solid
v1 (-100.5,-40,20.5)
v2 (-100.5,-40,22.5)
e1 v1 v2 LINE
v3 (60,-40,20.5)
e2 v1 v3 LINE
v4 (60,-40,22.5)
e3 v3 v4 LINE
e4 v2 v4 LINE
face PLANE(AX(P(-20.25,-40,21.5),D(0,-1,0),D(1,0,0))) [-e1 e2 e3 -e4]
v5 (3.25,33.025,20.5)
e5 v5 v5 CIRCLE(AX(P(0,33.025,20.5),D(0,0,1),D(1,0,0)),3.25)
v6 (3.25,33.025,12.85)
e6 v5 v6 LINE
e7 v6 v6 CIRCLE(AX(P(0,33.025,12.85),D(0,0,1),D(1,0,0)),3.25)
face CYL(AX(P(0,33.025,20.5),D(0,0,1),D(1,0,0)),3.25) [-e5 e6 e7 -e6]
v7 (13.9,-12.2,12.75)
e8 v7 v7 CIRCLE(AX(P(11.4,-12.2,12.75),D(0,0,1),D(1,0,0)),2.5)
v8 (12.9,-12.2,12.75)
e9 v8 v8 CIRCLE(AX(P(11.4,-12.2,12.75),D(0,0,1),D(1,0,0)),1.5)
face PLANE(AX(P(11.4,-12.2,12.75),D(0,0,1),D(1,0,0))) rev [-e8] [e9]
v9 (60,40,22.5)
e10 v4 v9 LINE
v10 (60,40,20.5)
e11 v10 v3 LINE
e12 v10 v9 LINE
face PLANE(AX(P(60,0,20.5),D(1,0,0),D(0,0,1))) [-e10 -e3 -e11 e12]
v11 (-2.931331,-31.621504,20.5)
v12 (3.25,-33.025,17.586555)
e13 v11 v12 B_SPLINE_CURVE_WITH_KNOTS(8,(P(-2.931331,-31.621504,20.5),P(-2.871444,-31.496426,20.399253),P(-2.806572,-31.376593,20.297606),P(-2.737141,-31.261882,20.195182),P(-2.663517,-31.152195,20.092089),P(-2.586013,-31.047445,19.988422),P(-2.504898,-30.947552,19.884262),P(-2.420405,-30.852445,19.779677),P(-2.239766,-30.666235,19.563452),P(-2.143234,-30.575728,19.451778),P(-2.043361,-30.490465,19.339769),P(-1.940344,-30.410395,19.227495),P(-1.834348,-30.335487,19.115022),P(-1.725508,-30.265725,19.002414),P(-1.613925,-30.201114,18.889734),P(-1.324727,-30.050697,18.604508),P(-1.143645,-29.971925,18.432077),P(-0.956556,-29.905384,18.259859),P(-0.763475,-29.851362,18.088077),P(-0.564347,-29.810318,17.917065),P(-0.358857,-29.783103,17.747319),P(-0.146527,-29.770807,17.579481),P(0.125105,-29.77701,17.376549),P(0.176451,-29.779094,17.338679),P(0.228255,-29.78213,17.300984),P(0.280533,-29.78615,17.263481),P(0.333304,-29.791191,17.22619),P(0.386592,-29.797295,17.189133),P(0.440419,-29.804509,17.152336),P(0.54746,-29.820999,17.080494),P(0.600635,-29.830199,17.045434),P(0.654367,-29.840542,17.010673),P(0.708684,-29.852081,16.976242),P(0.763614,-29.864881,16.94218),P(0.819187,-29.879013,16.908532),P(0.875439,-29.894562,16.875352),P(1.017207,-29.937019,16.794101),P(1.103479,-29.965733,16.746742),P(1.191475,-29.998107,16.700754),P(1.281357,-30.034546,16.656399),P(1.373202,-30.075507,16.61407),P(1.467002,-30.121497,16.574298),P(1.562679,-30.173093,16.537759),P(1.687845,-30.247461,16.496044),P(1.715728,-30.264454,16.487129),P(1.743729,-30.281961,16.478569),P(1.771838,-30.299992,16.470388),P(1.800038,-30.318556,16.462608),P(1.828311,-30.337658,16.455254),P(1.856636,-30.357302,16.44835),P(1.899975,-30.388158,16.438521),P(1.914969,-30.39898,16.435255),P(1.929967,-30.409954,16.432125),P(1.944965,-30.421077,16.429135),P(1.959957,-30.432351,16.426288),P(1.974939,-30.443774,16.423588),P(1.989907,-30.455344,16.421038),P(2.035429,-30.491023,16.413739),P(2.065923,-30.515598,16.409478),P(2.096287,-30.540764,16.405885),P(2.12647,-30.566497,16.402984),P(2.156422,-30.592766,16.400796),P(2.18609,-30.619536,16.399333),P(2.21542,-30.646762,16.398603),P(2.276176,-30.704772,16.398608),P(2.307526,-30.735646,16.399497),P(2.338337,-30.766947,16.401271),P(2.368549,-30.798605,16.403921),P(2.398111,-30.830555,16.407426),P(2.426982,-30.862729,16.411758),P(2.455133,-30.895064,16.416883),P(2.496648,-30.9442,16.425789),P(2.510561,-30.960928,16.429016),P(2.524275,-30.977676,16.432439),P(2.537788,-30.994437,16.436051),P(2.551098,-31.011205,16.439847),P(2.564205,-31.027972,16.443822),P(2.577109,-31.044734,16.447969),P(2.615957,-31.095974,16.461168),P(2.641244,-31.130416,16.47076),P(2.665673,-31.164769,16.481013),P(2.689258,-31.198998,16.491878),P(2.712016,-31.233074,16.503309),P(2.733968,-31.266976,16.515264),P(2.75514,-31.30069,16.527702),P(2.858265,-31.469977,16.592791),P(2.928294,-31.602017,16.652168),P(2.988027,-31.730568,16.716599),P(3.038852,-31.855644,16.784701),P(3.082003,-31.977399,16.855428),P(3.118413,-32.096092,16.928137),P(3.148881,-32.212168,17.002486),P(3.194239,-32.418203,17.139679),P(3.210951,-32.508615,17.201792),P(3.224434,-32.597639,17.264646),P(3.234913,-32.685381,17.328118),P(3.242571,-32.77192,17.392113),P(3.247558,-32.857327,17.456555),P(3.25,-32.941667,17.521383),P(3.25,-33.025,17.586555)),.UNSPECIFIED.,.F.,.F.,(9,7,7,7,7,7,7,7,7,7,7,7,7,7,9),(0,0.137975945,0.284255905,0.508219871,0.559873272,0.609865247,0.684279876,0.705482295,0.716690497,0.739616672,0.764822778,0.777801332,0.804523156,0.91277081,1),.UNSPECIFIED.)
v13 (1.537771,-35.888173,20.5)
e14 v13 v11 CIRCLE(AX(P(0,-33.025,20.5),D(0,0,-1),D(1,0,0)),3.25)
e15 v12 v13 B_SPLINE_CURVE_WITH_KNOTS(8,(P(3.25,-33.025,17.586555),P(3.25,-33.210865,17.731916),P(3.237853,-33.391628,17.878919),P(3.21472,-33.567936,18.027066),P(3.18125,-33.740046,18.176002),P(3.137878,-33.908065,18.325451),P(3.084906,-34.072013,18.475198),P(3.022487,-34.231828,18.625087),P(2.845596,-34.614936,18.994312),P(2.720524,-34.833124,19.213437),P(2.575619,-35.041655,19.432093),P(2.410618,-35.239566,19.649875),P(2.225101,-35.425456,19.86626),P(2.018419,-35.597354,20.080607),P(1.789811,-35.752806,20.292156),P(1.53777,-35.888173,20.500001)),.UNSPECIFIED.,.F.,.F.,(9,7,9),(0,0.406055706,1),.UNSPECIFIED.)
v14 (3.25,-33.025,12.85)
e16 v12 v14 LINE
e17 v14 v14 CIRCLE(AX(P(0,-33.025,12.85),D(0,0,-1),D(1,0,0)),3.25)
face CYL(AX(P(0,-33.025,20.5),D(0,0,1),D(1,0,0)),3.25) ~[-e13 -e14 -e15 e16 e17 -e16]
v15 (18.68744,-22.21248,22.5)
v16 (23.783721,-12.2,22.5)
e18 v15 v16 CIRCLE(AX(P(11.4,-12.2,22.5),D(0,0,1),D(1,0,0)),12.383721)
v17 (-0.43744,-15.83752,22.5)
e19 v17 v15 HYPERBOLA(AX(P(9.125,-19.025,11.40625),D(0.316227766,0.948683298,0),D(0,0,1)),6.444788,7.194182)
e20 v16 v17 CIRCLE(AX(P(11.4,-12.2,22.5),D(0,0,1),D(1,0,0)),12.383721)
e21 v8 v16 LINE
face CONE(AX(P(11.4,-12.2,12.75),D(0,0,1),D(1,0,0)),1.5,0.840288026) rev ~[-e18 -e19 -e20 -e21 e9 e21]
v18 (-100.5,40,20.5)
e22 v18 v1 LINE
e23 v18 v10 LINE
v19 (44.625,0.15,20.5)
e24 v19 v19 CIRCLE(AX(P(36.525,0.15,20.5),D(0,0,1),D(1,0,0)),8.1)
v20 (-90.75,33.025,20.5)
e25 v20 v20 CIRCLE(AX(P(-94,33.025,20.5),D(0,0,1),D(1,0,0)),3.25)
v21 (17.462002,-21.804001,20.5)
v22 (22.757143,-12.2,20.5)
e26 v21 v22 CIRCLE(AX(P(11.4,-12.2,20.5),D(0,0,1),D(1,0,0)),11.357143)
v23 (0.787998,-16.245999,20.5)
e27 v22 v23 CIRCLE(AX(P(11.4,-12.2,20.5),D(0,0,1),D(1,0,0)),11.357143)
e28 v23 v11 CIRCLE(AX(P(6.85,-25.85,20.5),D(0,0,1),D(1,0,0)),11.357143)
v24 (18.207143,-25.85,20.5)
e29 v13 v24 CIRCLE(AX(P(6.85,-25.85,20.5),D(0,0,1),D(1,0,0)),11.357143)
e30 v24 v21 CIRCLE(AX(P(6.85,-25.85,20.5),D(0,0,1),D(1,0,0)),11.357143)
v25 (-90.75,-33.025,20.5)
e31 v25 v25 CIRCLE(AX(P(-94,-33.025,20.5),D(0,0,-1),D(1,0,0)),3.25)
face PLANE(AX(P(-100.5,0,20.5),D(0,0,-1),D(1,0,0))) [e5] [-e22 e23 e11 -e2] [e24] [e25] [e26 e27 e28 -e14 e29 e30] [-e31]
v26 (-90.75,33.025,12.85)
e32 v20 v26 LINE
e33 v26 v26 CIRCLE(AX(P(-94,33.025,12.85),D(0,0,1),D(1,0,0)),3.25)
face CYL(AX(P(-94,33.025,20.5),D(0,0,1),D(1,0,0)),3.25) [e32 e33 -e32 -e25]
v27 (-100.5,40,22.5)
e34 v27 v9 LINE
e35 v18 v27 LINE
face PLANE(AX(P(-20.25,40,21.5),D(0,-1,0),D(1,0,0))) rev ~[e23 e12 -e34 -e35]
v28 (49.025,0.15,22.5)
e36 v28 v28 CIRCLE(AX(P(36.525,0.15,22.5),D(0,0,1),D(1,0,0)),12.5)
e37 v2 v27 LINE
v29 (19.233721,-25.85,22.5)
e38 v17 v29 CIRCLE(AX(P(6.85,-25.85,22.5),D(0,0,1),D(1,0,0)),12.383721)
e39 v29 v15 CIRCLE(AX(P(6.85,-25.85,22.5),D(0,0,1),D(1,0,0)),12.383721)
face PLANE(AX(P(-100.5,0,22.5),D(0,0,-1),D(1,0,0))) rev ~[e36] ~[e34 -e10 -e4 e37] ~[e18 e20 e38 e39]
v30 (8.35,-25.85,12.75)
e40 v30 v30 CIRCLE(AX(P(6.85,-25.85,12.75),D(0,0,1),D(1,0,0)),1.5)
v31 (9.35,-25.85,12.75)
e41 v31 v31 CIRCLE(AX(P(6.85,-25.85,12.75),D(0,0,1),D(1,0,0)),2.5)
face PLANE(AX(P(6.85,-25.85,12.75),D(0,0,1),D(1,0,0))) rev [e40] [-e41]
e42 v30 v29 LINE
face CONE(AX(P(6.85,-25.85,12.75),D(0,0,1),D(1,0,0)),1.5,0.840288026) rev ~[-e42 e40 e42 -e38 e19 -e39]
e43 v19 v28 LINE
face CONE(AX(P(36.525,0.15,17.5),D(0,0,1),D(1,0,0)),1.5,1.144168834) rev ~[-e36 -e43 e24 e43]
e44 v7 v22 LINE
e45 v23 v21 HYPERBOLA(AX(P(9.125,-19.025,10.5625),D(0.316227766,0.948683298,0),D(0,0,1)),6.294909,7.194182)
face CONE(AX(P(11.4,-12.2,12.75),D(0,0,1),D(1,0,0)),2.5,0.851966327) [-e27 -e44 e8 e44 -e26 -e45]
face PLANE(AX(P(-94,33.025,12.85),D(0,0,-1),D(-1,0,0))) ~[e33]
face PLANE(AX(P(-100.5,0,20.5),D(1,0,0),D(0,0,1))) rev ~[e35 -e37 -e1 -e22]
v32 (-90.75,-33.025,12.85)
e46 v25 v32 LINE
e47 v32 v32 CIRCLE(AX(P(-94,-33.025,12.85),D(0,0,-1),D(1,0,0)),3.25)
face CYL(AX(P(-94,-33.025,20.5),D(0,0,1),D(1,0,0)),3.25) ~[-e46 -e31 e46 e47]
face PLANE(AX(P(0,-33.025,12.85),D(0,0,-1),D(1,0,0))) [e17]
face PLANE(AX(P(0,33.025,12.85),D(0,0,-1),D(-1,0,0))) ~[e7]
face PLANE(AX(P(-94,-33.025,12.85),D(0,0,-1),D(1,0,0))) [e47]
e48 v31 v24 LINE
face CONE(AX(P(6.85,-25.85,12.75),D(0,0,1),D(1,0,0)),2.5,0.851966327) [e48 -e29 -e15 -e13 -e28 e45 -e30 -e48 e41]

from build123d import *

# Parameters (mm, degrees)
SKETCH001_W                    = 160.5
SKETCH001_H                    = 2
PAD001_DEPTH                   = 40
CYLINDER_R                     = 3.25
CYLINDER_DEPTH                 = 7.65
CYLINDER_LINEARPATTERN_2_R     = 3.25
CYLINDER_LINEARPATTERN_2_DEPTH = 7.65


with BuildPart() as part:
    # Sketch001 → Pad001 (new body, symmetric)
    with BuildSketch(Plane.XZ):
        with Locations((-20.25, 21.5)):
            Rectangle(SKETCH001_W, SKETCH001_H)
    extrude(amount=PAD001_DEPTH, both=True)

    # Cone002 → Cone002 (revolve)
    with BuildSketch(Plane(origin=(11.4, -12.2, 12.75), x_dir=(1, 0, 0), z_dir=(0, -1, 0))):
        Polygon((0, 0), (2.5, 0), (12.5, 8.75), (0, 8.75), align=None)
    revolve(axis=Axis((11.4, -12.2, 12.75), (0, 0, 1)))

    # Cone003 → Cone003 (revolve)
    with BuildSketch(Plane(origin=(6.85, -25.85, 12.75), x_dir=(1, 0, 0), z_dir=(0, -1, 0))):
        Polygon((0, 0), (2.5, 0), (12.5, 8.75), (0, 8.75), align=None)
    revolve(axis=Axis((6.85, -25.85, 12.75), (0, 0, 1)))

    # Cylinder → Cylinder (join)
    with BuildSketch(Plane(origin=(0, -33.025, 20.5), x_dir=(1, 0, 0), z_dir=(0, 0, -1))):
        Circle(CYLINDER_R)
    cylinder = extrude(amount=CYLINDER_DEPTH)

    # Cylinder LinearPattern 2 → Cylinder LinearPattern 2 (add)
    with BuildSketch(Plane(origin=(-94, -33.025, 20.5), x_dir=(1, 0, 0), z_dir=(0, 0, -1))):
        Circle(CYLINDER_LINEARPATTERN_2_R)
    cylinder_linearpattern_2 = extrude(amount=CYLINDER_LINEARPATTERN_2_DEPTH)

    # Mirrored: Cylinder, Cylinder LinearPattern 2 across XZ
    add(cylinder.mirror(Plane.XZ))
    add(cylinder_linearpattern_2.mirror(Plane.XZ))

    # Cone001 → Cone001 (revolve, cut)
    with BuildSketch(Plane(origin=(11.4, -12.2, 12.75), x_dir=(1, 0, 0), z_dir=(0, -1, 0))):
        Polygon((0, 0), (1.5, 0), (13.5, 10.75), (0, 10.75), align=None)
    revolve(axis=Axis((11.4, -12.2, 12.75), (0, 0, 1)), mode=Mode.SUBTRACT)

    # Cone004 → Cone004 (revolve, cut)
    with BuildSketch(Plane(origin=(6.85, -25.85, 12.75), x_dir=(1, 0, 0), z_dir=(0, -1, 0))):
        Polygon((0, 0), (1.5, 0), (13.5, 10.75), (0, 10.75), align=None)
    revolve(axis=Axis((6.85, -25.85, 12.75), (0, 0, 1)), mode=Mode.SUBTRACT)

    # Cone → Cone (revolve, cut)
    with BuildSketch(Plane(origin=(36.525, 0.15, 17.5), x_dir=(1, 0, 0), z_dir=(0, -1, 0))):
        Polygon((0, 0), (1.5, 0), (12.5, 5), (0, 5), align=None)
    revolve(axis=Axis((36.525, 0.15, 17.5), (0, 0, 1)), mode=Mode.SUBTRACT)


solid = part.part
